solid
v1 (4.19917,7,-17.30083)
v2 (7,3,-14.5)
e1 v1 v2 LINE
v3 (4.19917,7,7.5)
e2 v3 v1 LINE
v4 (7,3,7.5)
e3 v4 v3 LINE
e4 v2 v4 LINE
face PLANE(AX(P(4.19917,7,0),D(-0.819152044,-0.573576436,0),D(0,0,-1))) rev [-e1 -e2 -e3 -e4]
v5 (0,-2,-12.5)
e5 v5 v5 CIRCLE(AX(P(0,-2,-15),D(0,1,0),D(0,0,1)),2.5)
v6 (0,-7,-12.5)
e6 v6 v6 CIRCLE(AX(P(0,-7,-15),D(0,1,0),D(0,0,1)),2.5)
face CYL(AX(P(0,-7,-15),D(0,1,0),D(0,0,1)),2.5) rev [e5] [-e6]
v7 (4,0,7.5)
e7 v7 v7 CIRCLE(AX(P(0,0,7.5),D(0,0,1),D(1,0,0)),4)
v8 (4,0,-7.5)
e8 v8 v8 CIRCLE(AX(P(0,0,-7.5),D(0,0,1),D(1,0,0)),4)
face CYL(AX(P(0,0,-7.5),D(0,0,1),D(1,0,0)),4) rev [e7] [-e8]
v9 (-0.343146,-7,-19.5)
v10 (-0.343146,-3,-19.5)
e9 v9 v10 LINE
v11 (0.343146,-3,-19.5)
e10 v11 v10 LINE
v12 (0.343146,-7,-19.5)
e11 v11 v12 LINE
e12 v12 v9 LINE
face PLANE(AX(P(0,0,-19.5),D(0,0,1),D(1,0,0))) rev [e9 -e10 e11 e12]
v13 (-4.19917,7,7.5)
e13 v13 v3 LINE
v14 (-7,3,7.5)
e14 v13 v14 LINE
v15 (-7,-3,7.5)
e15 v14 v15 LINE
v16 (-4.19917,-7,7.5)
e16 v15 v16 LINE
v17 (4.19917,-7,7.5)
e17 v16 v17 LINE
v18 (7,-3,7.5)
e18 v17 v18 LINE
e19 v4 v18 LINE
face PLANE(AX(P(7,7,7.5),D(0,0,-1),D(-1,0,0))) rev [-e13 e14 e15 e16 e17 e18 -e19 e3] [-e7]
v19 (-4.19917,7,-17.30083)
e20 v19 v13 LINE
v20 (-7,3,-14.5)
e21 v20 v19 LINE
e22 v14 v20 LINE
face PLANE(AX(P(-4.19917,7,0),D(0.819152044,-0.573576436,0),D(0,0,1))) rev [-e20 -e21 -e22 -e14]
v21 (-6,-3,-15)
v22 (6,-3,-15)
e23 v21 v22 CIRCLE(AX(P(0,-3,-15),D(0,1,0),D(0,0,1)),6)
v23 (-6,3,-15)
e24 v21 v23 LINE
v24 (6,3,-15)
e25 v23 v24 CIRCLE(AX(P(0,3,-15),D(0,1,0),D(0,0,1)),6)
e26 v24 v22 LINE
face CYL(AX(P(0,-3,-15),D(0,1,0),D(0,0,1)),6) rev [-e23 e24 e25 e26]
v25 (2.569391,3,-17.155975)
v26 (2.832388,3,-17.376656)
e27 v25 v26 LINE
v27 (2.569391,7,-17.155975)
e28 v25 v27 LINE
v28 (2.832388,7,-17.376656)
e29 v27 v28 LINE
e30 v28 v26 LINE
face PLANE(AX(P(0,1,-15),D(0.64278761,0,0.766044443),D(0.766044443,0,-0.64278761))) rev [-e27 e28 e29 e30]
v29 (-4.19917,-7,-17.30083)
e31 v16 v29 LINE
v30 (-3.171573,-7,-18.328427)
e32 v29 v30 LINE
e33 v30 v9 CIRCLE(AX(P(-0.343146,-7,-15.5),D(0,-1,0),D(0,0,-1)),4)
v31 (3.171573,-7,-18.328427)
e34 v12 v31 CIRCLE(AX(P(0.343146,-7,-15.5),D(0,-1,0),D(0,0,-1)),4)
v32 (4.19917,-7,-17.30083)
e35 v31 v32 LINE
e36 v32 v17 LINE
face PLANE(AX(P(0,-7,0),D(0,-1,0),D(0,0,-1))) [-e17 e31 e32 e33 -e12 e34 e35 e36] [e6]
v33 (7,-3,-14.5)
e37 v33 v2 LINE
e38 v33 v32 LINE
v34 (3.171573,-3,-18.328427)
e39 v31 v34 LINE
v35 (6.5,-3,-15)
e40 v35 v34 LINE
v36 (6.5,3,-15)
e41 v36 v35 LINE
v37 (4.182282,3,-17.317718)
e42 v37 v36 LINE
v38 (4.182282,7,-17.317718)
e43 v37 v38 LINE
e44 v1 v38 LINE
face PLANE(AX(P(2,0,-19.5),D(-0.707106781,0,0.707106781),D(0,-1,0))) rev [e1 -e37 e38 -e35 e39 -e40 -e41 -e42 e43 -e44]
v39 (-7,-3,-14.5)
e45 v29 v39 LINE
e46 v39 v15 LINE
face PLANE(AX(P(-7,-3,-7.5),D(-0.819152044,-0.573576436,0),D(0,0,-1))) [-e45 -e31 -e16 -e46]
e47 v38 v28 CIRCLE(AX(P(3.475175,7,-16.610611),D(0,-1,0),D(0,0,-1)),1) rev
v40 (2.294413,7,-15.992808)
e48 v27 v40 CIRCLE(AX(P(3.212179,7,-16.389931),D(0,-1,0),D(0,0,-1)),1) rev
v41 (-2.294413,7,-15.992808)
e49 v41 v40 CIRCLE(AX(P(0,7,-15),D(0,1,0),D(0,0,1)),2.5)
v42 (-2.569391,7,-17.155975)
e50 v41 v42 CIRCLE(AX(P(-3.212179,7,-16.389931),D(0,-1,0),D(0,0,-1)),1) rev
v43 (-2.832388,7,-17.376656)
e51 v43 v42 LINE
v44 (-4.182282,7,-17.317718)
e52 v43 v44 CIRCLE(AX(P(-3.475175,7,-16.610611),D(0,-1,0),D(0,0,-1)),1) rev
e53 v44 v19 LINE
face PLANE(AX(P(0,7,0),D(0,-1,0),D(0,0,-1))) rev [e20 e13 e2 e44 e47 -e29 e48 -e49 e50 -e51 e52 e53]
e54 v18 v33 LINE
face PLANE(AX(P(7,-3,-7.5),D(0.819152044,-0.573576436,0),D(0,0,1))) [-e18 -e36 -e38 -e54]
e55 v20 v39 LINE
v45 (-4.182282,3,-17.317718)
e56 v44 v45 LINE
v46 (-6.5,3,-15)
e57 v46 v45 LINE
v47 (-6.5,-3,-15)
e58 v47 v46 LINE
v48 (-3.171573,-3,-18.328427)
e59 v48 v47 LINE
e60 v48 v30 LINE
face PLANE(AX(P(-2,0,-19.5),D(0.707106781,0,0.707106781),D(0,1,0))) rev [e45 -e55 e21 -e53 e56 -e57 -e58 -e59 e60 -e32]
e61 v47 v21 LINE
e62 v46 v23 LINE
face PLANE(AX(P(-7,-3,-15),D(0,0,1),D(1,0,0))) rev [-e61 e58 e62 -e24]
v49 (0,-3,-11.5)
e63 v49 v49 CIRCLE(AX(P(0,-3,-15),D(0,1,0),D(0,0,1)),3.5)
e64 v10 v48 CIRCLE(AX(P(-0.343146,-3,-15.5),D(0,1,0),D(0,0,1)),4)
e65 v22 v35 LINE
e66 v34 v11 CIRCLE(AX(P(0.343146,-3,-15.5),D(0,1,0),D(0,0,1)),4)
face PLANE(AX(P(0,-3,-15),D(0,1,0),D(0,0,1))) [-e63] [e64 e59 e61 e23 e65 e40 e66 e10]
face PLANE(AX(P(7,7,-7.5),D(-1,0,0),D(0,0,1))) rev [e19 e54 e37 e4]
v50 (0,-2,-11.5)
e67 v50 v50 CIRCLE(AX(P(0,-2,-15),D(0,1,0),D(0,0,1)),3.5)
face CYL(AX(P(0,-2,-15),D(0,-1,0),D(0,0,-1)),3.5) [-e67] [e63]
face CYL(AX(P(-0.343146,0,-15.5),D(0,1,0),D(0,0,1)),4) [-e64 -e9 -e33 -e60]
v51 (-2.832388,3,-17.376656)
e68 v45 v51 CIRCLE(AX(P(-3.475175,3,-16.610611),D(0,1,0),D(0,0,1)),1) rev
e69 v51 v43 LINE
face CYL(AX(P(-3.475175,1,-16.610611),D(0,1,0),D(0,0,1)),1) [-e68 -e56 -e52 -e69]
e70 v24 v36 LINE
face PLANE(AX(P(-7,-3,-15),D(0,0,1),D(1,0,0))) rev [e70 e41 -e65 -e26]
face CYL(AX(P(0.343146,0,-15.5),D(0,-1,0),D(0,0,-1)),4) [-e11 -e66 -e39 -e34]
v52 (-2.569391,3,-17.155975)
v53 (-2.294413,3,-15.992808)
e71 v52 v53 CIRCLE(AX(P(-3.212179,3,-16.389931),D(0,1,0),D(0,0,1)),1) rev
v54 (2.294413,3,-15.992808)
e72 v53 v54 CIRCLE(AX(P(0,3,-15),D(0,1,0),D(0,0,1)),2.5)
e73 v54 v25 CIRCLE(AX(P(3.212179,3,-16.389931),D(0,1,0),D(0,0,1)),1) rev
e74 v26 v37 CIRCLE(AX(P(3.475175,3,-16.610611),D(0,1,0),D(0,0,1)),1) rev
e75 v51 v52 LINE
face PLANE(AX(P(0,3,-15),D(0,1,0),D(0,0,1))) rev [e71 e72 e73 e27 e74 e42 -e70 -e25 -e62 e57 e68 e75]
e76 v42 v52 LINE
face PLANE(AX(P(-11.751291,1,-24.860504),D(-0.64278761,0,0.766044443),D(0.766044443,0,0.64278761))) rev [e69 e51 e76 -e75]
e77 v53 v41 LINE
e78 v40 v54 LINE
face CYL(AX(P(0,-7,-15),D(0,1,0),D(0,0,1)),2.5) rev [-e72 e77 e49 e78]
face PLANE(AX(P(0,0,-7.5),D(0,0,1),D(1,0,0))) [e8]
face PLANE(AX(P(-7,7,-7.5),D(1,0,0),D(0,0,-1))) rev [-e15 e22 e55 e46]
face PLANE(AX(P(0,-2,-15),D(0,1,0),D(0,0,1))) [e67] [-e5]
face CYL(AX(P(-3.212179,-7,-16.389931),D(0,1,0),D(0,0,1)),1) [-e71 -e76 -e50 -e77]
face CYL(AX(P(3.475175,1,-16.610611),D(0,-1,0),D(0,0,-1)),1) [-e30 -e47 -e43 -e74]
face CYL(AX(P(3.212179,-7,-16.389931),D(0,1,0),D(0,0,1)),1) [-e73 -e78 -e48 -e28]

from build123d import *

# Parameters (mm, degrees)
SKETCH1_W               = 14
SKETCH1_H               = 15
BOSS_EXTRUDE1_DEPTH     = 7
SKETCH3_R               = 4
CUT_EXTRUDE1_DEPTH      = 16
SKETCH4_W               = 14
SKETCH4_H               = 14
BOSS_EXTRUDE2_DEPTH     = 12
SKETCH7_R               = 6
CUT_EXTRUDE7_DEPTH      = 3
SKETCH8_R               = 2.5
CUT_EXTRUDE8_DEPTH      = 11
CUT_EXTRUDE8_DEPTH_BACK = 5
SKETCH9_W               = 4.5
SKETCH9_H               = 6
CUT_EXTRUDE9_DEPTH      = 8
CUT_EXTRUDE9_DEPTH_BACK = 8
CHAMFER1_SIZE           = 5
SKETCH13_R              = 3.5
SKETCH13_R_2            = 2.5
BOSS_EXTRUDE3_DEPTH     = 1
CUT_EXTRUDE10_DEPTH     = 6
CHAMFER2_SIZE           = 4
CHAMFER2_SIZE2          = 2.800830153
CHAMFER2_PART_2_SIZE    = 4
CHAMFER2_PART_2_SIZE2   = 2.800830153
CHAMFER3_SIZE           = 4
CHAMFER3_SIZE2          = 2.800830153
CHAMFER3_PART_2_SIZE    = 4
CHAMFER3_PART_2_SIZE2   = 2.800830153
FILLET1_R               = 1
FILLET2_R               = 4


with BuildPart() as part:
    # Sketch1 → Boss-Extrude1 (new body, symmetric)
    with BuildSketch(Plane(origin=(0, 0, 0), x_dir=(1, 0, 0), z_dir=(0, 1, 0))):
        Rectangle(SKETCH1_W, SKETCH1_H)
    extrude(amount=BOSS_EXTRUDE1_DEPTH, both=True)

    # Sketch3 → Cut-Extrude1 (cut, through all)
    with BuildSketch(Plane.XY.offset(7.5)):
        Circle(SKETCH3_R)
    extrude(amount=-CUT_EXTRUDE1_DEPTH, mode=Mode.SUBTRACT)

    # Sketch4 → Boss-Extrude2 (add)
    with BuildSketch(Plane(origin=(0, 0, -7.5), x_dir=(-1, 0, 0), z_dir=(0, 0, -1))):
        Rectangle(SKETCH4_W, SKETCH4_H)
    extrude(amount=BOSS_EXTRUDE2_DEPTH)

    # Sketch7 → Cut-Extrude7 (cut, symmetric)
    with BuildSketch(Plane(origin=(0, 0, 0), x_dir=(1, 0, 0), z_dir=(0, 1, 0))):
        with Locations((0, 15)):
            Circle(SKETCH7_R)
    extrude(amount=CUT_EXTRUDE7_DEPTH, both=True, mode=Mode.SUBTRACT)

    # Sketch8 → Cut-Extrude8 (cut, two sides)
    with BuildSketch(Plane(origin=(0, -3, 0), x_dir=(1, 0, 0), z_dir=(0, 1, 0))) as cut_extrude8_sk:
        with Locations((0, 15)):
            Circle(SKETCH8_R)
    extrude(amount=CUT_EXTRUDE8_DEPTH, mode=Mode.SUBTRACT)
    extrude(cut_extrude8_sk.sketch, amount=-CUT_EXTRUDE8_DEPTH_BACK, mode=Mode.SUBTRACT)

    # Sketch9 → Cut-Extrude9 (cut, two sides)
    with BuildSketch(Plane(origin=(0, 0, 0), x_dir=(0, 0, -1), z_dir=(1, 0, 0))) as cut_extrude9_sk:
        with Locations((17.25, 0)):
            Rectangle(SKETCH9_W, SKETCH9_H)
    extrude(amount=CUT_EXTRUDE9_DEPTH, mode=Mode.SUBTRACT)
    extrude(cut_extrude9_sk.sketch, amount=-CUT_EXTRUDE9_DEPTH_BACK, mode=Mode.SUBTRACT)

    # Chamfer1
    chamfer1_edges = [part.edges().sort_by_distance(p)[0] for p in [
        (7, -5, -19.5),
        (-7, -5, -19.5),
    ]]
    chamfer(chamfer1_edges, length=CHAMFER1_SIZE)

    # Sketch13 → Boss-Extrude3 (add)
    with BuildSketch(Plane(origin=(0, -3, 0), x_dir=(1, 0, 0), z_dir=(0, 1, 0))):
        with Locations((0, 15)):
            Circle(SKETCH13_R)
        with Locations((0, 15)):
            Circle(SKETCH13_R_2, mode=Mode.SUBTRACT)
    extrude(amount=BOSS_EXTRUDE3_DEPTH)

    # Sketch14 → Cut-Extrude10 (cut)
    with BuildSketch(Plane(origin=(0, 7, 0), x_dir=(1, 0, 0), z_dir=(0, 1, 0))):
        Polygon((0, 15), (11.277541362, 24.462980798), (-11.751290712, 24.860503702), align=None)
    extrude(amount=-CUT_EXTRUDE10_DEPTH, mode=Mode.SUBTRACT)

    # Chamfer2
    chamfer2_edges = [part.edges().sort_by_distance(p)[0] for p in [
        (7, 7, -3.5),
    ]]
    chamfer2_side = [part.faces().sort_by_distance(p)[0] for p in [
        (7, 0, -3.5),
    ]]
    chamfer(chamfer2_edges, length=CHAMFER2_SIZE, length2=CHAMFER2_SIZE2, reference=chamfer2_side[0])

    # Chamfer2 part 2
    chamfer2_part_2_edges = [part.edges().sort_by_distance(p)[0] for p in [
        (-7, 7, -3.5),
    ]]
    chamfer2_part_2_side = [part.faces().sort_by_distance(p)[0] for p in [
        (-7, 0, -3.5),
    ]]
    chamfer(chamfer2_part_2_edges, length=CHAMFER2_PART_2_SIZE, length2=CHAMFER2_PART_2_SIZE2, reference=chamfer2_part_2_side[0])

    # Chamfer3
    chamfer3_edges = [part.edges().sort_by_distance(p)[0] for p in [
        (7, -7, -3.5),
    ]]
    chamfer3_side = [part.faces().sort_by_distance(p)[0] for p in [
        (7, -2, -3.5),
    ]]
    chamfer(chamfer3_edges, length=CHAMFER3_SIZE, length2=CHAMFER3_SIZE2, reference=chamfer3_side[0])

    # Chamfer3 part 2
    chamfer3_part_2_edges = [part.edges().sort_by_distance(p)[0] for p in [
        (-7, -7, -3.5),
    ]]
    chamfer3_part_2_side = [part.faces().sort_by_distance(p)[0] for p in [
        (-7, -2, -3.5),
    ]]
    chamfer(chamfer3_part_2_edges, length=CHAMFER3_PART_2_SIZE, length2=CHAMFER3_PART_2_SIZE2, reference=chamfer3_part_2_side[0])

    # Fillet1
    fillet1_edges = [part.edges().sort_by_distance(p)[0] for p in [
        (-3.534338156, 5, -17.965661844),
        (3.534338156, 5, -17.965661844),
        (1.915111108, 5, -16.606969024),
        (-1.915111108, 5, -16.606969024),
    ]]
    fillet(fillet1_edges, radius=FILLET1_R)

    # Fillet2
    fillet2_edges = [part.edges().sort_by_distance(p)[0] for p in [
        (-2, -5, -19.5),
        (2, -5, -19.5),
    ]]
    fillet(fillet2_edges, radius=FILLET2_R)


solid = part.part
